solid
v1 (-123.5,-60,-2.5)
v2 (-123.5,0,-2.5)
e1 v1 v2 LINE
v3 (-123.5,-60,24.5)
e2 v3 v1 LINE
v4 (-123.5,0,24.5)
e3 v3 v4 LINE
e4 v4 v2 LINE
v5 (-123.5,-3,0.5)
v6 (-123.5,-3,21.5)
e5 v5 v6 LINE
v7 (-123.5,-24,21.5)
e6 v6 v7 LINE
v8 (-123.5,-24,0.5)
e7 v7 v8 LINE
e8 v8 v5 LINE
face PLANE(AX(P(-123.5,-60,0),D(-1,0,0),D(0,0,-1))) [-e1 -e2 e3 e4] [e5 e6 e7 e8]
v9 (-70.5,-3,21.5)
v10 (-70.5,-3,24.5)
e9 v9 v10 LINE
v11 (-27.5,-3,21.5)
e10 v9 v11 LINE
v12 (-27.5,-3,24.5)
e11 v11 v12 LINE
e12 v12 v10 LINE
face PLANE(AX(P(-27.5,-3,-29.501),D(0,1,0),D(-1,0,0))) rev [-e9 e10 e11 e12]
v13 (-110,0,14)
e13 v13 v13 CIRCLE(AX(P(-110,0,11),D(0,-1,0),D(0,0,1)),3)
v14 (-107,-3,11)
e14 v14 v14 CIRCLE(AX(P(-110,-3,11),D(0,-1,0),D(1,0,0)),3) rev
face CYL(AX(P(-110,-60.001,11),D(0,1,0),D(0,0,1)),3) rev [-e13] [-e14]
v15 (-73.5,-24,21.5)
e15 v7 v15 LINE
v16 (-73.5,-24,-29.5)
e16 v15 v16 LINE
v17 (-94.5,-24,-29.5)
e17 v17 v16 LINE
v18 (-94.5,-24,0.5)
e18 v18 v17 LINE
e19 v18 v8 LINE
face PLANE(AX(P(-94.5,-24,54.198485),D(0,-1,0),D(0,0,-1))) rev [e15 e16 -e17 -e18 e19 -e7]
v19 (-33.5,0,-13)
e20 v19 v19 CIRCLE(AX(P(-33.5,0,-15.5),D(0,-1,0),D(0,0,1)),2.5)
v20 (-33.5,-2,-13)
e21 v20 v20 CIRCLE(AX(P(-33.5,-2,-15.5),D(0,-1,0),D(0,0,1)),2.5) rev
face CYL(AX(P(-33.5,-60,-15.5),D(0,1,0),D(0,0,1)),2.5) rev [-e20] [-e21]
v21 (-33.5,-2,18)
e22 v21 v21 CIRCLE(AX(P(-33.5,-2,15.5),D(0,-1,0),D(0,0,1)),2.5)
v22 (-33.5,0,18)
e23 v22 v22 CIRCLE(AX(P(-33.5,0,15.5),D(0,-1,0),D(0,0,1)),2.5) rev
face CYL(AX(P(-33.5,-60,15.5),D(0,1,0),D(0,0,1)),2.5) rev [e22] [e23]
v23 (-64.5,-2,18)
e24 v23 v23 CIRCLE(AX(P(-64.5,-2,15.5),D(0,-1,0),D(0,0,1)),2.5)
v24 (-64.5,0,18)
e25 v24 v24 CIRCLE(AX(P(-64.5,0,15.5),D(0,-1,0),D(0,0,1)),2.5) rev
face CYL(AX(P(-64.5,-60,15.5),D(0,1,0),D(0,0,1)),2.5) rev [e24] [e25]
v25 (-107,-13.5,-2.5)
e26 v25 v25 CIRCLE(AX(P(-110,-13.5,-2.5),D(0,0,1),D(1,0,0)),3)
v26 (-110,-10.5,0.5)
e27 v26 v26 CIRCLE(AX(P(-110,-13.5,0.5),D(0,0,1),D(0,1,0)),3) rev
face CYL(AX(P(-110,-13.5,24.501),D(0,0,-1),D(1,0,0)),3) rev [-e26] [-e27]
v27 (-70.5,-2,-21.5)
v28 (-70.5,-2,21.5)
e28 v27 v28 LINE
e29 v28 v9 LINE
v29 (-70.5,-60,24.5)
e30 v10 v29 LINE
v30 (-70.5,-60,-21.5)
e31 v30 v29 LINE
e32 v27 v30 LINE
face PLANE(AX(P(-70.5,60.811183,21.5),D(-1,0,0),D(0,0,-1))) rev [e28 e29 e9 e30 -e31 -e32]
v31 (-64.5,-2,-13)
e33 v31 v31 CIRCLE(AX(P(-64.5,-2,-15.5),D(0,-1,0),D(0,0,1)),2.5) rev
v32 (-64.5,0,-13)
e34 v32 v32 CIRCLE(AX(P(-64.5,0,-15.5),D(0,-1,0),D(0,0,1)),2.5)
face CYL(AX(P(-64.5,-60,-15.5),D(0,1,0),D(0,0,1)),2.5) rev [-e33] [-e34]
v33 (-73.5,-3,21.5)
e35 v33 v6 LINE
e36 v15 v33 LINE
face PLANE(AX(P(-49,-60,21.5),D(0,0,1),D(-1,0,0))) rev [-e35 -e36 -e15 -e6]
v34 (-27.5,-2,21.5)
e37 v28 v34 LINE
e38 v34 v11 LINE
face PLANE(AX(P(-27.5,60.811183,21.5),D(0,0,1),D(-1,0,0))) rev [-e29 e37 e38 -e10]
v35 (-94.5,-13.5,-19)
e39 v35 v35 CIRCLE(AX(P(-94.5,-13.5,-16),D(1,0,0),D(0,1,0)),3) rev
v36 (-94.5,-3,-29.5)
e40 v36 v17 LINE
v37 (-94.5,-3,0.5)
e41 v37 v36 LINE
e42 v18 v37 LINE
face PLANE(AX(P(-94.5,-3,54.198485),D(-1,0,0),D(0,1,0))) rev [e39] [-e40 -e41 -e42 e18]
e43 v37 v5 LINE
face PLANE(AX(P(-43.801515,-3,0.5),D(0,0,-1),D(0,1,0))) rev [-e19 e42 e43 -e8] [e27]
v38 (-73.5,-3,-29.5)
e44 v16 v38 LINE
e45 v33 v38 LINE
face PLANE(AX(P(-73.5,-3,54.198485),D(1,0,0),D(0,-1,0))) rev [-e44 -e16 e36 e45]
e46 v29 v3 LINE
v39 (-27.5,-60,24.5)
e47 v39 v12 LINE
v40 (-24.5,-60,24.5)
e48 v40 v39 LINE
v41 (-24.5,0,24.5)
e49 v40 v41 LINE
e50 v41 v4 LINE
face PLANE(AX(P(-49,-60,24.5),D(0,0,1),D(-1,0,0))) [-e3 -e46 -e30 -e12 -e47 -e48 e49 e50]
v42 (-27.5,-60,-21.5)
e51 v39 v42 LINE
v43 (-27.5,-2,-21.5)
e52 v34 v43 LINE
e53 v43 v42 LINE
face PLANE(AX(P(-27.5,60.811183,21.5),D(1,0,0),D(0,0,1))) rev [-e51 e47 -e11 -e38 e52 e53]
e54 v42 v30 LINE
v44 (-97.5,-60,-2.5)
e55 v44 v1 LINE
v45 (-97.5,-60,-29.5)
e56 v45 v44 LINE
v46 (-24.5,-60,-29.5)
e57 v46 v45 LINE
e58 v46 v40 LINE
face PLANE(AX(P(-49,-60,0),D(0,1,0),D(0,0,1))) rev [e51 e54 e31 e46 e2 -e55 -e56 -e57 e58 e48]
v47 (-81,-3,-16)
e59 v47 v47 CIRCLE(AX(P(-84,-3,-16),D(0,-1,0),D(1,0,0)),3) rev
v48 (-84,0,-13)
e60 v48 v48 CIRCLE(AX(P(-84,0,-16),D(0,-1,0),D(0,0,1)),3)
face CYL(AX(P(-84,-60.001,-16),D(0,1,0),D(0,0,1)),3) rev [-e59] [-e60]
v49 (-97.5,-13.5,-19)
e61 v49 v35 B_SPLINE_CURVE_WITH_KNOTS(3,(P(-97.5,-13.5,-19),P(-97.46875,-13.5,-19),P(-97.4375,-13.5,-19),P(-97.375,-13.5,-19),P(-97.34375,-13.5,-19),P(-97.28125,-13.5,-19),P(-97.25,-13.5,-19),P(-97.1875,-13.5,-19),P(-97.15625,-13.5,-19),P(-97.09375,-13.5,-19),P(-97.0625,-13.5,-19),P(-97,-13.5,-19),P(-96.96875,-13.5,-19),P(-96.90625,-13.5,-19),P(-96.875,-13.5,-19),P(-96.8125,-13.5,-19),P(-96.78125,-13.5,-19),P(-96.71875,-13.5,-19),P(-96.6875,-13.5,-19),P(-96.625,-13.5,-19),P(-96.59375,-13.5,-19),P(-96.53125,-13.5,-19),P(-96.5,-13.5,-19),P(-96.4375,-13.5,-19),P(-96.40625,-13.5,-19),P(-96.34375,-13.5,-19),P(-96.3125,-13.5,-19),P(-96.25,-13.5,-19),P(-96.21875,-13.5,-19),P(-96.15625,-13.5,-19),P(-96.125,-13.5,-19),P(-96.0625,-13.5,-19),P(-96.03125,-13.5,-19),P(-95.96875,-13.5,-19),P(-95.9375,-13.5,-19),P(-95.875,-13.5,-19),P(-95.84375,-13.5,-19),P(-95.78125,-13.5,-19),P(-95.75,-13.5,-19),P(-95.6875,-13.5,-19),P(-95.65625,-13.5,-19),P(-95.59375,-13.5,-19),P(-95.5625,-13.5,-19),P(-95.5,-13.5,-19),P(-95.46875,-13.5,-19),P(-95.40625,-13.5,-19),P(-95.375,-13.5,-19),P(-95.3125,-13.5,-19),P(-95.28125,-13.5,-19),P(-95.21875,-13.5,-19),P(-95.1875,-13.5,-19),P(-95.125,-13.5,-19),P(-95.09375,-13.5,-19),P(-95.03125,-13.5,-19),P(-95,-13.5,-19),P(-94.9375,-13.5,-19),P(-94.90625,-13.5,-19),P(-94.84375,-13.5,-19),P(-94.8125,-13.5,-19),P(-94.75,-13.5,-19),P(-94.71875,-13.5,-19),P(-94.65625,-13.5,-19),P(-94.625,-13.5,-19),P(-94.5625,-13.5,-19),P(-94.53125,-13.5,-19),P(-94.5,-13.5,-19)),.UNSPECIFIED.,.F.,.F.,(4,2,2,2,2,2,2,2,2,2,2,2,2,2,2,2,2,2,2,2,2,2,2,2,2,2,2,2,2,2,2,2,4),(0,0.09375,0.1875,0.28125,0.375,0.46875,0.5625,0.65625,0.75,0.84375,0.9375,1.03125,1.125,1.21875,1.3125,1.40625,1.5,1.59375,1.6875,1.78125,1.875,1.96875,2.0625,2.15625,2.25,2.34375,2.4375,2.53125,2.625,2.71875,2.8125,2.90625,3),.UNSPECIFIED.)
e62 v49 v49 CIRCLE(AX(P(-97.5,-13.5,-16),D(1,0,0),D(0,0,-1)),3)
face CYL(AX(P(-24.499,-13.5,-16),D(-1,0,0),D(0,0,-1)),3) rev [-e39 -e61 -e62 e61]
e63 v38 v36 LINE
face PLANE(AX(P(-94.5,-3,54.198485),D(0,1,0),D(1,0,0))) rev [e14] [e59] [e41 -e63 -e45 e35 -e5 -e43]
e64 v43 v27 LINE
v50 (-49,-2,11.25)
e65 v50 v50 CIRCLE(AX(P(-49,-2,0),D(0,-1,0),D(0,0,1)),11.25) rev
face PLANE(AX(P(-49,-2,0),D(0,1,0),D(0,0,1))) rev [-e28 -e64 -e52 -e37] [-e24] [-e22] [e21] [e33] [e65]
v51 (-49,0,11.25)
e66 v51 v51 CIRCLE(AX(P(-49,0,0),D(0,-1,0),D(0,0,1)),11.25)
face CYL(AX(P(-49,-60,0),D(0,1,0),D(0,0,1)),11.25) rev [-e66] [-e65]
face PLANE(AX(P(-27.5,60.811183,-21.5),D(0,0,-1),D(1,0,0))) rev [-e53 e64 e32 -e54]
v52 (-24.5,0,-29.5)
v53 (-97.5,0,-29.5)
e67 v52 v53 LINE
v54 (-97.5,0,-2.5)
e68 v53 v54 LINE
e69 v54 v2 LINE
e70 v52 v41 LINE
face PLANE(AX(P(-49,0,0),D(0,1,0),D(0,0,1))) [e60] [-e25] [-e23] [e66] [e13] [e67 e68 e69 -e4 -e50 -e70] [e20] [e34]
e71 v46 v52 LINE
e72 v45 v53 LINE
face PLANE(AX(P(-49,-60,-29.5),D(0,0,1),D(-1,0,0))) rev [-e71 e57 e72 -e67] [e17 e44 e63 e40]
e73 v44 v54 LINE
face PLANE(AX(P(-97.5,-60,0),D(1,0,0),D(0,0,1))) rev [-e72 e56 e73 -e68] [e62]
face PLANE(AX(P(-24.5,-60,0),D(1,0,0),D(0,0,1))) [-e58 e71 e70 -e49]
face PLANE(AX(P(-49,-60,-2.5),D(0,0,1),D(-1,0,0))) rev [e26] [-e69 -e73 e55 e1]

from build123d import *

# Parameters (mm, degrees)
SKETCH1_R           = 2.5
SKETCH1_R_2         = 11.25
BOSS_EXTRUDE1_DEPTH = 60
SKETCH2_W           = 43
SKETCH2_H           = 43
CUT_EXTRUDE1_DEPTH  = 58
SKETCH3_W           = 21
SKETCH3_H           = 21
CUT_EXTRUDE2_DEPTH  = 51
SKETCH4_W           = 21
SKETCH4_H           = 21
CUT_EXTRUDE3_DEPTH  = 50
CUT_EXTRUDE5_REACH  = 100.991
SKETCH6_R           = 3
CUT_EXTRUDE6_REACH  = 102.102
SKETCH7_R           = 3
CUT_EXTRUDE7_REACH  = 101.394
SKETCH8_R           = 3
CUT_EXTRUDE8_REACH  = 102.102
SKETCH9_R           = 3
CUT_EXTRUDE9_REACH  = 149.541
SKETCH10_W          = 43
SKETCH10_H          = 57


with BuildPart() as part:
    # Sketch1 → Boss-Extrude1 (new body)
    with BuildSketch(Plane(origin=(0, 0, 0), x_dir=(1, 0, 0), z_dir=(0, 1, 0))):
        Polygon((-24.5, 29.5), (48.5, 29.5), (48.5, 2.5), (74.5, 2.5), (74.5, -24.5), (48.5, -24.5), (-24.5, -24.5), align=None)
        with Locations(Location((15.5, 15.5, 0), (0, 0, 270))):
            Circle(SKETCH1_R, mode=Mode.SUBTRACT)
        with Locations(Location((-15.5, 15.5, 0), (0, 0, 270))):
            Circle(SKETCH1_R, mode=Mode.SUBTRACT)
        with Locations(Location((15.5, -15.5, 0), (0, 0, 270))):
            Circle(SKETCH1_R, mode=Mode.SUBTRACT)
        with Locations(Location((-15.5, -15.5, 0), (0, 0, 270))):
            Circle(SKETCH1_R, mode=Mode.SUBTRACT)
        with Locations(Location((0, 0, 0), (0, 0, 270))):
            Circle(SKETCH1_R_2, mode=Mode.SUBTRACT)
    extrude(amount=-BOSS_EXTRUDE1_DEPTH)

    # Sketch2 → Cut-Extrude1 (cut)
    with BuildSketch(Plane.XZ.offset(60)):
        Rectangle(SKETCH2_W, SKETCH2_H)
    extrude(amount=-CUT_EXTRUDE1_DEPTH, mode=Mode.SUBTRACT)

    # Sketch3 → Cut-Extrude2 (cut)
    with BuildSketch(Plane(origin=(0, 0, -29.5), x_dir=(-1, 0, 0), z_dir=(0, 0, -1))):
        with Locations((-35, -13.5)):
            Rectangle(SKETCH3_W, SKETCH3_H)
    extrude(amount=-CUT_EXTRUDE2_DEPTH, mode=Mode.SUBTRACT)

    # Sketch4 → Cut-Extrude3 (cut)
    with BuildSketch(Plane(origin=(74.5, 0, 0), x_dir=(0, 0, -1), z_dir=(1, 0, 0))):
        with Locations((-11, -13.5)):
            Rectangle(SKETCH4_W, SKETCH4_H)
    extrude(amount=-CUT_EXTRUDE3_DEPTH, mode=Mode.SUBTRACT)

    # Sketch6 → Cut-Extrude5 (cut, up to next)
    with BuildSketch(Plane(origin=(48.5, 0, 0), x_dir=(0, 0, -1), z_dir=(1, 0, 0)), mode=Mode.PRIVATE) as cut_extrude5_sk1:
        with Locations((16, -13.5)):
            Circle(SKETCH6_R)
    cut_extrude5_tool1 = extrude(cut_extrude5_sk1.sketch, amount=-CUT_EXTRUDE5_REACH, mode=Mode.PRIVATE) & part.part
    add(cut_extrude5_tool1.solids().sort_by_distance((48.5, -13.5, -16))[0], mode=Mode.SUBTRACT)

    # Sketch7 → Cut-Extrude6 (cut, up to next)
    with BuildSketch(Plane(origin=(0, 0, 0), x_dir=(1, 0, 0), z_dir=(0, 1, 0)), mode=Mode.PRIVATE) as cut_extrude6_sk1:
        with Locations(Location((35, 16, 0), (0, 0, 270))):
            Circle(SKETCH7_R)
    cut_extrude6_tool1 = extrude(cut_extrude6_sk1.sketch, amount=-CUT_EXTRUDE6_REACH, mode=Mode.PRIVATE) & part.part
    add(cut_extrude6_tool1.solids().sort_by_distance((35, 0, -16))[0], mode=Mode.SUBTRACT)

    # Sketch8 → Cut-Extrude7 (cut, up to next)
    with BuildSketch(Plane(origin=(0, 0, -2.5), x_dir=(-1, 0, 0), z_dir=(0, 0, -1)), mode=Mode.PRIVATE) as cut_extrude7_sk1:
        with Locations((-61, -13.5)):
            Circle(SKETCH8_R)
    cut_extrude7_tool1 = extrude(cut_extrude7_sk1.sketch, amount=-CUT_EXTRUDE7_REACH, mode=Mode.PRIVATE) & part.part
    add(cut_extrude7_tool1.solids().sort_by_distance((61, -13.5, -2.5))[0], mode=Mode.SUBTRACT)

    # Sketch9 → Cut-Extrude8 (cut, up to next)
    with BuildSketch(Plane(origin=(0, 0, 0), x_dir=(1, 0, 0), z_dir=(0, 1, 0)), mode=Mode.PRIVATE) as cut_extrude8_sk1:
        with Locations(Location((61, -11, 0), (0, 0, 270))):
            Circle(SKETCH9_R)
    cut_extrude8_tool1 = extrude(cut_extrude8_sk1.sketch, amount=-CUT_EXTRUDE8_REACH, mode=Mode.PRIVATE) & part.part
    add(cut_extrude8_tool1.solids().sort_by_distance((61, 0, 11))[0], mode=Mode.SUBTRACT)


with BuildPart() as body_2:
    # Mirror3: mirrored copy
    add(part.part.mirror(Plane(origin=(-24.5, -60, 0), x_dir=(0, 0, 1), z_dir=(-1, 0, 0))))

    # Sketch10 → Cut-Extrude9 (cut, up to next)
    with BuildSketch(Plane.XY.offset(24.5), mode=Mode.PRIVATE) as cut_extrude9_sk1:
        with Locations((-49, -31.5)):
            Rectangle(SKETCH10_W, SKETCH10_H)
    cut_extrude9_tool1 = extrude(cut_extrude9_sk1.sketch, amount=-CUT_EXTRUDE9_REACH, mode=Mode.PRIVATE) & body_2.part
    add(cut_extrude9_tool1.solids().sort_by_distance((-49, -31.5, 24.5))[0], mode=Mode.SUBTRACT)


solid = body_2.part
